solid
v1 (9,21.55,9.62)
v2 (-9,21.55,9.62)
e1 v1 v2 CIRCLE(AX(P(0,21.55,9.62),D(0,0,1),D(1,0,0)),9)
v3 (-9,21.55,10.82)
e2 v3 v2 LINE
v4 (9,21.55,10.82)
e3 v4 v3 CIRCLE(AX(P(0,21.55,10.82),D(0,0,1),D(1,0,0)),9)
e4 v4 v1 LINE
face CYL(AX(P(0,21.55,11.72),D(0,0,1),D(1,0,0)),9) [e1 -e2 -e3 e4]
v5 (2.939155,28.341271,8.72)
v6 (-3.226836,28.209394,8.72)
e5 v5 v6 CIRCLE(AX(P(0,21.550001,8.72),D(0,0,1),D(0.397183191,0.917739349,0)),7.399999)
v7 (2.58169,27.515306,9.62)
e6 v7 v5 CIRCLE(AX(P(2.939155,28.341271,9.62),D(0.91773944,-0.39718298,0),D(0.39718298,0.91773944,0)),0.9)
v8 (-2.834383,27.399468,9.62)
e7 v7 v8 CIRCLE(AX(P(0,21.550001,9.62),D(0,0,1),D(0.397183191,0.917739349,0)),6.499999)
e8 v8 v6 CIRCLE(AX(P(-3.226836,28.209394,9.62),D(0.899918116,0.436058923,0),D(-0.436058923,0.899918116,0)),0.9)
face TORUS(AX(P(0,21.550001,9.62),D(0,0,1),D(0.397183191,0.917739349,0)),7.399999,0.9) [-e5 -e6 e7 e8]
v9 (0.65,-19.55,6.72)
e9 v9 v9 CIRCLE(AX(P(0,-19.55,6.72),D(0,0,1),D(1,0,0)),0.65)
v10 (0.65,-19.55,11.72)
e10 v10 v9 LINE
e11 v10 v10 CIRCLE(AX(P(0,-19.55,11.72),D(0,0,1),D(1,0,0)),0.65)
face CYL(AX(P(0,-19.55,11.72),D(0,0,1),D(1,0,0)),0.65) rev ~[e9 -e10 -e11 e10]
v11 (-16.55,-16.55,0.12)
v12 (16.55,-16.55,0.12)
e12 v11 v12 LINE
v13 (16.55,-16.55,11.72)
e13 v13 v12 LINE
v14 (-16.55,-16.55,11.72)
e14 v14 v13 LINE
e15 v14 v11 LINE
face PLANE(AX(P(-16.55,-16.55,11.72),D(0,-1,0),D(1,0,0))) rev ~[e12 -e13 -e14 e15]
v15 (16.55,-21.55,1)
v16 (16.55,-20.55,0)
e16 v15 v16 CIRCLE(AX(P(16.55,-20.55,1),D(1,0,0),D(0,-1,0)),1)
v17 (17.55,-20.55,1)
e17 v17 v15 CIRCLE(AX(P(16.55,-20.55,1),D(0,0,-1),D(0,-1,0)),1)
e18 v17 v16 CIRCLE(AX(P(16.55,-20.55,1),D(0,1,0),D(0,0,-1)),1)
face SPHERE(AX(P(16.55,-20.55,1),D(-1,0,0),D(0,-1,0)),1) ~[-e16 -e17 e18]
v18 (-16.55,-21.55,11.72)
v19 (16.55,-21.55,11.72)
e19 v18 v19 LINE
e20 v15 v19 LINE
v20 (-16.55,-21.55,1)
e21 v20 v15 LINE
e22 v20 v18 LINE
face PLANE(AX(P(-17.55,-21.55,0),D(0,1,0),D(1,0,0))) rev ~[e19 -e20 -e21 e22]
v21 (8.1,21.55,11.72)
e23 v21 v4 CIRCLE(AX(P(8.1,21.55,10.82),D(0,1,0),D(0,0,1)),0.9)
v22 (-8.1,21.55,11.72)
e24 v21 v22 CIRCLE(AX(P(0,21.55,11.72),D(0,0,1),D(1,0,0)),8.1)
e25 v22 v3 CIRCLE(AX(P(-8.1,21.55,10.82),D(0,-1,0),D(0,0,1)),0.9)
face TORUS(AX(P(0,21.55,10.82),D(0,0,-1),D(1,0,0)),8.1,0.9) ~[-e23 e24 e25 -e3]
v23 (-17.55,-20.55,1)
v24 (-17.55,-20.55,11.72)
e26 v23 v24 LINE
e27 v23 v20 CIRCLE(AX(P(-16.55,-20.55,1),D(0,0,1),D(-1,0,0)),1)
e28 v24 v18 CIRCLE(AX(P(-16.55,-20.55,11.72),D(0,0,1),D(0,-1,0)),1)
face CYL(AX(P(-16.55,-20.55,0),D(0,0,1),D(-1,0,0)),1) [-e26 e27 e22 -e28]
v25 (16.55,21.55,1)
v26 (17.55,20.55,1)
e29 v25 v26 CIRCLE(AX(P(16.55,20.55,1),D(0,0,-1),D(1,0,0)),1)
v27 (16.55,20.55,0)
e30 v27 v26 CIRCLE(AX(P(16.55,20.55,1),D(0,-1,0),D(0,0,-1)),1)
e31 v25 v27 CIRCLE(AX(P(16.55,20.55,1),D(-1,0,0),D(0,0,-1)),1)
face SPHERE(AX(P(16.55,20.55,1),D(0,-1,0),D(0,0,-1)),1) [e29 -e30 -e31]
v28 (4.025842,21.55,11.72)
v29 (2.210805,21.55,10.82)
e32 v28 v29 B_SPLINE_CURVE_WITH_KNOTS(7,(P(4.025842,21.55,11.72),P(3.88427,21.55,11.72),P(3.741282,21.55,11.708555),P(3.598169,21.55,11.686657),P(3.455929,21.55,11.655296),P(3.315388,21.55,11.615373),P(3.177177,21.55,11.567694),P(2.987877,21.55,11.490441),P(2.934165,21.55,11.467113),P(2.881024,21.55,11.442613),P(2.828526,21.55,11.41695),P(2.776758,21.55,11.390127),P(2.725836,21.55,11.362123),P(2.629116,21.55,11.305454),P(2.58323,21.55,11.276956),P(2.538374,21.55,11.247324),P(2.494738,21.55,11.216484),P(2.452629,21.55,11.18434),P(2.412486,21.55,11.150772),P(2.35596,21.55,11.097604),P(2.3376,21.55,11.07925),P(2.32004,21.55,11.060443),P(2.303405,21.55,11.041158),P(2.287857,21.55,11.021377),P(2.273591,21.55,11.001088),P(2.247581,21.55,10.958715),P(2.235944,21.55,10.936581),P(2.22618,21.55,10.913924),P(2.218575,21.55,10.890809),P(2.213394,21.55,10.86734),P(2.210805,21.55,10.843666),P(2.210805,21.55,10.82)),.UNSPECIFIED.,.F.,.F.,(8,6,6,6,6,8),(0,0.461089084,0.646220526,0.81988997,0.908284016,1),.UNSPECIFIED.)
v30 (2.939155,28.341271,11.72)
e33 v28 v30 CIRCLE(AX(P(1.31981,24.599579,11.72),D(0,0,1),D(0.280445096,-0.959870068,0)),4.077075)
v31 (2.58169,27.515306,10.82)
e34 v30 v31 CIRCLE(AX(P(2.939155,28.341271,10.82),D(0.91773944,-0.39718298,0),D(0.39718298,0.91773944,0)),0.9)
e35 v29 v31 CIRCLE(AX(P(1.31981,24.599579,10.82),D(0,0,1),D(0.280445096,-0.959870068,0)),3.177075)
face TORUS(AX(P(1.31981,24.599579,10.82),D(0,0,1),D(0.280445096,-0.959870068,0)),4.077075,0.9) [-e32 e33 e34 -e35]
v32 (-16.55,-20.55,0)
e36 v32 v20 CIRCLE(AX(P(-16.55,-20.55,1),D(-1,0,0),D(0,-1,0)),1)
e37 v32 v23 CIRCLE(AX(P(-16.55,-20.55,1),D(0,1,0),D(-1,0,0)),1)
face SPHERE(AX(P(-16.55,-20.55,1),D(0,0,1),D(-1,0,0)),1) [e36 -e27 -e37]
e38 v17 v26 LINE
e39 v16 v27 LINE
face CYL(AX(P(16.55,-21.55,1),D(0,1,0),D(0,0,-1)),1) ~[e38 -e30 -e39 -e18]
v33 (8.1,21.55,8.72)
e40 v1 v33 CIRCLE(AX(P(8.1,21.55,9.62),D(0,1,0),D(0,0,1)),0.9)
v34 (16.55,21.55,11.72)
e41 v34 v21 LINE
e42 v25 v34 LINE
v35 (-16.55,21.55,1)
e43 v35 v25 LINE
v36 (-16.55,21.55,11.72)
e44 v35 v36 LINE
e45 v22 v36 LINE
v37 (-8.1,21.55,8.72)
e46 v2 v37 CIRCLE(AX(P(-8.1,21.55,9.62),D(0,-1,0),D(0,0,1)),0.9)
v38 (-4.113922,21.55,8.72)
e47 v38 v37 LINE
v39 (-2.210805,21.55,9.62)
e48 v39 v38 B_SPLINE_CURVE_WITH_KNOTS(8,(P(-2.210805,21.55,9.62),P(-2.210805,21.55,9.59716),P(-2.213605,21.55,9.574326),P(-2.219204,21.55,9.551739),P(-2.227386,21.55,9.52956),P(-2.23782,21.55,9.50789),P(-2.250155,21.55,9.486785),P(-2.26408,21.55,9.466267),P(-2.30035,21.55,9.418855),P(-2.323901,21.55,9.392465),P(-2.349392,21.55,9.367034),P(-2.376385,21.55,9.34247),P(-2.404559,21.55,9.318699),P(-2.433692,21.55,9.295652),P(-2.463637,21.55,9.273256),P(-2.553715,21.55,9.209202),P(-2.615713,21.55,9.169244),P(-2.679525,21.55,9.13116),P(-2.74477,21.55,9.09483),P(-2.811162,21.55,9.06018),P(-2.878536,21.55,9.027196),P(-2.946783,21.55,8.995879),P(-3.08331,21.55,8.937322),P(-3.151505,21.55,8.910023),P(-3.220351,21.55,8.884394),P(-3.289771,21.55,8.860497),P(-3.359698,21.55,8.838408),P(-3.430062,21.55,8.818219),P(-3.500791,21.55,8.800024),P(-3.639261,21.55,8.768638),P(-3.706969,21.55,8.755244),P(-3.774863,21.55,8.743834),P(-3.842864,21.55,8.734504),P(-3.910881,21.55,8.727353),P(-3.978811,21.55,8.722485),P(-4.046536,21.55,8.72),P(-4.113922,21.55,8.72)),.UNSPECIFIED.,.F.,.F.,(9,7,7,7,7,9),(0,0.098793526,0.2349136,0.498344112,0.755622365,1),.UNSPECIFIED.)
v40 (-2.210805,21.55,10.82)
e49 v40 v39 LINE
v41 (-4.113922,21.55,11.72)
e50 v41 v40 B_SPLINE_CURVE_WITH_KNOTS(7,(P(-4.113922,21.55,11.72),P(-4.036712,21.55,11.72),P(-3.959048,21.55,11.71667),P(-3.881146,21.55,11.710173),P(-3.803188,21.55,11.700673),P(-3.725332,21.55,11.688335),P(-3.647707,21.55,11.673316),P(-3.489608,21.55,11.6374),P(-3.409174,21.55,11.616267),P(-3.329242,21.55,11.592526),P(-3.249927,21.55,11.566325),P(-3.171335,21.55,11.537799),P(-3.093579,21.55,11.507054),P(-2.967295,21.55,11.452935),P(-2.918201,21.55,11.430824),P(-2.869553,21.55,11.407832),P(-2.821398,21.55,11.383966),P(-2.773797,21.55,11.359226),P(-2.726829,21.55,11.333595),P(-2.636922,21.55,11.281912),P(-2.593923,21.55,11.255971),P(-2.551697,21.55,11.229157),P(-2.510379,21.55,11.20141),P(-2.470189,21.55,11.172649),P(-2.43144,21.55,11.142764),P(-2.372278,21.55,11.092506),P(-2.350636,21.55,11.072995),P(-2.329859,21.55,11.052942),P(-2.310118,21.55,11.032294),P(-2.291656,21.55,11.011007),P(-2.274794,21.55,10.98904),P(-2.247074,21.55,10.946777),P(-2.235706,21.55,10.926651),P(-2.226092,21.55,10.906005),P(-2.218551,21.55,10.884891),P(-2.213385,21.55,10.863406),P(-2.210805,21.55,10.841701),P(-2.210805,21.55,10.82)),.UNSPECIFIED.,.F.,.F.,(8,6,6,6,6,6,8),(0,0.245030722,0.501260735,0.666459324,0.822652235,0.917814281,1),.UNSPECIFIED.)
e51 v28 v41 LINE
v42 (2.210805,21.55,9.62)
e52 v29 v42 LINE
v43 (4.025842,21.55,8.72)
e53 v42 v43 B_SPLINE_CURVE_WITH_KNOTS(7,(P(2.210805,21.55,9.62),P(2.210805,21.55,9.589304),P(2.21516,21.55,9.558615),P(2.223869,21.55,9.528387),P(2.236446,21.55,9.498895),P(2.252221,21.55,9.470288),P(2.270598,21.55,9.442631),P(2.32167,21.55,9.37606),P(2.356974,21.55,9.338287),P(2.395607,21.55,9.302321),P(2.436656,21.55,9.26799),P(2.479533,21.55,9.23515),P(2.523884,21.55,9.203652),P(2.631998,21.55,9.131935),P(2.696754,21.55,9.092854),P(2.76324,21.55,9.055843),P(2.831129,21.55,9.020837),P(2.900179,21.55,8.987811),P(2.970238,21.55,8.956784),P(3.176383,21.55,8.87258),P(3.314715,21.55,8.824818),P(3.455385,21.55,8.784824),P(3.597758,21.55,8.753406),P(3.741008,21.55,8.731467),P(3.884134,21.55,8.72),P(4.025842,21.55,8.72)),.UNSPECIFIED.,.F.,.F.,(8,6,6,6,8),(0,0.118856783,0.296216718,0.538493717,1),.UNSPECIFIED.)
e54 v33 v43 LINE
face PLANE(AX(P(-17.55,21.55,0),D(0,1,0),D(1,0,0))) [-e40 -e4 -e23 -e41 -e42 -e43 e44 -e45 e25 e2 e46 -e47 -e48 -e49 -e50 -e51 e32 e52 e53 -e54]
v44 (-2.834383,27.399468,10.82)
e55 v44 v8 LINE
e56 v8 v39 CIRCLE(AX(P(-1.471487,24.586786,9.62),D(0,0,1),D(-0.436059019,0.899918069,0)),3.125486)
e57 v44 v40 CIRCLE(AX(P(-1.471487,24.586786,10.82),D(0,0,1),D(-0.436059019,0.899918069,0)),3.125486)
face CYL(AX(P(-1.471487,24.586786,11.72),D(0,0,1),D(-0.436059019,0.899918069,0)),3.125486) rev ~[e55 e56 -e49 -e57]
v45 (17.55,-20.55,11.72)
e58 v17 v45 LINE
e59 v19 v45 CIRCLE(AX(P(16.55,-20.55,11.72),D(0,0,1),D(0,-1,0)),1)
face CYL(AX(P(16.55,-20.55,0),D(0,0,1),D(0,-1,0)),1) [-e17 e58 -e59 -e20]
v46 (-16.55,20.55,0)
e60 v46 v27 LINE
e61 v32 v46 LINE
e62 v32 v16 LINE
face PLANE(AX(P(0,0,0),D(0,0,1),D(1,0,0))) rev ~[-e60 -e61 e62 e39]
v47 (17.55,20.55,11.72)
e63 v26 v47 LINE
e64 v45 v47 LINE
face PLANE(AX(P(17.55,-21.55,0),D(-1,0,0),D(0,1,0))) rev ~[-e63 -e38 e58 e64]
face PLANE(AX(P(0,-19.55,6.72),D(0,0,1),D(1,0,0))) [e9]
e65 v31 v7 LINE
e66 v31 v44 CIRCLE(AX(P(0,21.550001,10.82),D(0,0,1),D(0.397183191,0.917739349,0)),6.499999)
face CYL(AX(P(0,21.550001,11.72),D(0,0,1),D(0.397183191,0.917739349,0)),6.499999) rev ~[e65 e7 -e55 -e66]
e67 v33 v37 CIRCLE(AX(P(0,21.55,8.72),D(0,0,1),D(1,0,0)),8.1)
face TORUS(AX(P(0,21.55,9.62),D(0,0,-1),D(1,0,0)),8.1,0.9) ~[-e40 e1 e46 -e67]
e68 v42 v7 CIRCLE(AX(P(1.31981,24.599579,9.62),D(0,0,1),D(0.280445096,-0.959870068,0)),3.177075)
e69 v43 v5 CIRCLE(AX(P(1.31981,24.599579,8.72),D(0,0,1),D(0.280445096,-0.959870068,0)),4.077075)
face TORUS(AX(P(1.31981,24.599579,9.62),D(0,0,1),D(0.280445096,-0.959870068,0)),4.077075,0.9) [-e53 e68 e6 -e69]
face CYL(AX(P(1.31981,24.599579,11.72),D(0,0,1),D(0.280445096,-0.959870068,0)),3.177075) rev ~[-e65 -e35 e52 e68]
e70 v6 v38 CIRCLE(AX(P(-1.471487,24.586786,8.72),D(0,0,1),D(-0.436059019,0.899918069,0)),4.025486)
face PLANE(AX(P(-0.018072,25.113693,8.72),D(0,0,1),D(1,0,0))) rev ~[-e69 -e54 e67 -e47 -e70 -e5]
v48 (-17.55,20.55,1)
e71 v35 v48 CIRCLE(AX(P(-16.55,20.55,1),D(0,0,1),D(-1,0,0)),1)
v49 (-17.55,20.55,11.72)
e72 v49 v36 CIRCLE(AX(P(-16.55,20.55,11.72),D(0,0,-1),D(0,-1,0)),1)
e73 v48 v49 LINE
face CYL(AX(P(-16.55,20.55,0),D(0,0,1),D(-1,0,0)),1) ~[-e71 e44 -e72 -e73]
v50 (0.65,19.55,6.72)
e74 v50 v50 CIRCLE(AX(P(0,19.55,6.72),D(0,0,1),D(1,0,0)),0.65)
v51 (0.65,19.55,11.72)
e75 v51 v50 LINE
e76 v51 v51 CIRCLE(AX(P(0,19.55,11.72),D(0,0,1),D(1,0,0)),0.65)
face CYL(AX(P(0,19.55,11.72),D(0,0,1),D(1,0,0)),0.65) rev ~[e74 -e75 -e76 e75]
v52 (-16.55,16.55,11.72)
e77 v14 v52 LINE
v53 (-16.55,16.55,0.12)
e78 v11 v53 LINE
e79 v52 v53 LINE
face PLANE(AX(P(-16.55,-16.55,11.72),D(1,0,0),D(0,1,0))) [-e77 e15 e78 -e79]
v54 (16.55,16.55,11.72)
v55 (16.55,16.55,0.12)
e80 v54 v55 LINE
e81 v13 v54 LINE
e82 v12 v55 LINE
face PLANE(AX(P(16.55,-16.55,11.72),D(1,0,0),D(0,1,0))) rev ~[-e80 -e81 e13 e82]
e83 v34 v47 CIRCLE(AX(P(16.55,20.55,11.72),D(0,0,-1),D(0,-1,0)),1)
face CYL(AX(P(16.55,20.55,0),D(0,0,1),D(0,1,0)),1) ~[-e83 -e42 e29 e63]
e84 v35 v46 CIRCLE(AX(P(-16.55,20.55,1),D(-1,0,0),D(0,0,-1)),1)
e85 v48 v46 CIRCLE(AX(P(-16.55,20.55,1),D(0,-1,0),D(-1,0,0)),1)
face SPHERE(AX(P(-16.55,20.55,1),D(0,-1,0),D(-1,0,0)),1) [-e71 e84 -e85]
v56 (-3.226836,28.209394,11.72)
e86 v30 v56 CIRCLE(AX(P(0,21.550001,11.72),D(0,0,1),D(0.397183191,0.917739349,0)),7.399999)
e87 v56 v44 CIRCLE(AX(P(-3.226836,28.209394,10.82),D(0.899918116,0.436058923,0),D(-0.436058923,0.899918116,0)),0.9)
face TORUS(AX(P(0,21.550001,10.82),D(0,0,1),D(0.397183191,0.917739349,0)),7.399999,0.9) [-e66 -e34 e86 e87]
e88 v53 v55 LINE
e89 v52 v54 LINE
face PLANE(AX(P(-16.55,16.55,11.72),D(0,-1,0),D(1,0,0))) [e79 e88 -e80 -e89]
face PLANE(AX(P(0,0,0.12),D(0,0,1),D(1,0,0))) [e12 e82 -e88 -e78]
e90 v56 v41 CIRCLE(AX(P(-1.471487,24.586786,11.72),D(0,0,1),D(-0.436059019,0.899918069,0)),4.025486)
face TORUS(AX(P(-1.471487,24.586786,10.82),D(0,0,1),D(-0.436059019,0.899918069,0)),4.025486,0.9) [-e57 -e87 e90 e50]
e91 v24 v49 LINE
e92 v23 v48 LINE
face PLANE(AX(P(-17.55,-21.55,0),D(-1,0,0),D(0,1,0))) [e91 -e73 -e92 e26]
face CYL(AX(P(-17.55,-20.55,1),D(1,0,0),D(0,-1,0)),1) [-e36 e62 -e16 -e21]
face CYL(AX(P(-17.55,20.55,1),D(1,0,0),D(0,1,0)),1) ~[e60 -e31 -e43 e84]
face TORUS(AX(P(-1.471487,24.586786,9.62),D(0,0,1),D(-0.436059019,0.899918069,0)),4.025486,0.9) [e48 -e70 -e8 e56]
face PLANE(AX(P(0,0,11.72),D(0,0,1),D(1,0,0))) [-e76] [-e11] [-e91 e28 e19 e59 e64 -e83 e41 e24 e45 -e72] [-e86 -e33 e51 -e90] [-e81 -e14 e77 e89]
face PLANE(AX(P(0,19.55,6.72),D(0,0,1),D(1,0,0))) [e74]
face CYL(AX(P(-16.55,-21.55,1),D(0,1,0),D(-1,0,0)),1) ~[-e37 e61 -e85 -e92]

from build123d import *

# Parameters (mm, degrees)
SKETCH_W        = 35.1
SKETCH_H        = 43.1
PAD_DEPTH       = 11.72
SKETCH002_W     = 33.1
SKETCH002_H     = 33.1
POCKET_DEPTH    = 11.6
SKETCH006_R     = 0.65
POCKET004_DEPTH = 5
PAD002_DEPTH    = 3
FILLET_R        = 1
FILLET002_R     = 0.9


with BuildPart() as part:
    # Sketch → Pad (new body)
    with BuildSketch(Plane.XY):
        Rectangle(SKETCH_W, SKETCH_H)
    extrude(amount=PAD_DEPTH)

    # Sketch002 (on Face6 of Pad) → Pocket (cut)
    with BuildSketch(Plane.XY.offset(11.72)):
        Rectangle(SKETCH002_W, SKETCH002_H)
    extrude(amount=-POCKET_DEPTH, mode=Mode.SUBTRACT)

    # Sketch006 (on Face5 of Pocket) → Pocket004 (cut)
    with BuildSketch(Plane.XY.offset(11.72)):
        with Locations((0, 19.55)):
            Circle(SKETCH006_R)
        with Locations((0, -19.55)):
            Circle(SKETCH006_R)
    extrude(amount=-POCKET004_DEPTH, mode=Mode.SUBTRACT)

    # Sketch008 (on Face5 of Pocket004) → Pad002 (join)
    with BuildSketch(Plane.XY.offset(11.72)):
        with BuildLine():
            ThreePointArc((9, 21.55), (0, 30.55), (-9, 21.55))
            Line((-2.210805, 21.55), (-9, 21.55))
            ThreePointArc((-2.834383, 27.399468), (-4.579363, 24.255474), (-2.210805, 21.55))
            ThreePointArc((2.58169, 27.515306), (-0.138989, 28.048514), (-2.834383, 27.399468))
            ThreePointArc((2.210805, 21.55), (4.490762, 24.40243), (2.58169, 27.515306))
            Line((9, 21.55), (2.210805, 21.55))
        make_face()
    extrude(amount=-PAD002_DEPTH)

    # Fillet
    fillet_edges = [part.edges().sort_by_distance(p)[0] for p in [
        (-17.55, -21.55, 5.86),
        (-17.55, 0, 0),
        (0, -21.55, 0),
        (17.55, -21.55, 5.86),
        (17.55, 0, 0),
        (-17.55, 21.55, 5.86),
        (0, 21.55, 0),
        (17.55, 21.55, 5.86),
    ]]
    fillet(fillet_edges, radius=FILLET_R)

    # Fillet002
    fillet002_edges = [part.edges().sort_by_distance(p)[0] for p in [
        (0, 30.55, 11.72),
        (0, 30.55, 8.72),
        (-4.579363, 24.255474, 8.72),
        (-0.138989, 28.048514, 8.72),
        (4.490762, 24.40243, 8.72),
        (-4.579363, 24.255474, 11.72),
        (-0.138989, 28.048514, 11.72),
        (4.490762, 24.40243, 11.72),
    ]]
    fillet(fillet002_edges, radius=FILLET002_R)


solid = part.part
